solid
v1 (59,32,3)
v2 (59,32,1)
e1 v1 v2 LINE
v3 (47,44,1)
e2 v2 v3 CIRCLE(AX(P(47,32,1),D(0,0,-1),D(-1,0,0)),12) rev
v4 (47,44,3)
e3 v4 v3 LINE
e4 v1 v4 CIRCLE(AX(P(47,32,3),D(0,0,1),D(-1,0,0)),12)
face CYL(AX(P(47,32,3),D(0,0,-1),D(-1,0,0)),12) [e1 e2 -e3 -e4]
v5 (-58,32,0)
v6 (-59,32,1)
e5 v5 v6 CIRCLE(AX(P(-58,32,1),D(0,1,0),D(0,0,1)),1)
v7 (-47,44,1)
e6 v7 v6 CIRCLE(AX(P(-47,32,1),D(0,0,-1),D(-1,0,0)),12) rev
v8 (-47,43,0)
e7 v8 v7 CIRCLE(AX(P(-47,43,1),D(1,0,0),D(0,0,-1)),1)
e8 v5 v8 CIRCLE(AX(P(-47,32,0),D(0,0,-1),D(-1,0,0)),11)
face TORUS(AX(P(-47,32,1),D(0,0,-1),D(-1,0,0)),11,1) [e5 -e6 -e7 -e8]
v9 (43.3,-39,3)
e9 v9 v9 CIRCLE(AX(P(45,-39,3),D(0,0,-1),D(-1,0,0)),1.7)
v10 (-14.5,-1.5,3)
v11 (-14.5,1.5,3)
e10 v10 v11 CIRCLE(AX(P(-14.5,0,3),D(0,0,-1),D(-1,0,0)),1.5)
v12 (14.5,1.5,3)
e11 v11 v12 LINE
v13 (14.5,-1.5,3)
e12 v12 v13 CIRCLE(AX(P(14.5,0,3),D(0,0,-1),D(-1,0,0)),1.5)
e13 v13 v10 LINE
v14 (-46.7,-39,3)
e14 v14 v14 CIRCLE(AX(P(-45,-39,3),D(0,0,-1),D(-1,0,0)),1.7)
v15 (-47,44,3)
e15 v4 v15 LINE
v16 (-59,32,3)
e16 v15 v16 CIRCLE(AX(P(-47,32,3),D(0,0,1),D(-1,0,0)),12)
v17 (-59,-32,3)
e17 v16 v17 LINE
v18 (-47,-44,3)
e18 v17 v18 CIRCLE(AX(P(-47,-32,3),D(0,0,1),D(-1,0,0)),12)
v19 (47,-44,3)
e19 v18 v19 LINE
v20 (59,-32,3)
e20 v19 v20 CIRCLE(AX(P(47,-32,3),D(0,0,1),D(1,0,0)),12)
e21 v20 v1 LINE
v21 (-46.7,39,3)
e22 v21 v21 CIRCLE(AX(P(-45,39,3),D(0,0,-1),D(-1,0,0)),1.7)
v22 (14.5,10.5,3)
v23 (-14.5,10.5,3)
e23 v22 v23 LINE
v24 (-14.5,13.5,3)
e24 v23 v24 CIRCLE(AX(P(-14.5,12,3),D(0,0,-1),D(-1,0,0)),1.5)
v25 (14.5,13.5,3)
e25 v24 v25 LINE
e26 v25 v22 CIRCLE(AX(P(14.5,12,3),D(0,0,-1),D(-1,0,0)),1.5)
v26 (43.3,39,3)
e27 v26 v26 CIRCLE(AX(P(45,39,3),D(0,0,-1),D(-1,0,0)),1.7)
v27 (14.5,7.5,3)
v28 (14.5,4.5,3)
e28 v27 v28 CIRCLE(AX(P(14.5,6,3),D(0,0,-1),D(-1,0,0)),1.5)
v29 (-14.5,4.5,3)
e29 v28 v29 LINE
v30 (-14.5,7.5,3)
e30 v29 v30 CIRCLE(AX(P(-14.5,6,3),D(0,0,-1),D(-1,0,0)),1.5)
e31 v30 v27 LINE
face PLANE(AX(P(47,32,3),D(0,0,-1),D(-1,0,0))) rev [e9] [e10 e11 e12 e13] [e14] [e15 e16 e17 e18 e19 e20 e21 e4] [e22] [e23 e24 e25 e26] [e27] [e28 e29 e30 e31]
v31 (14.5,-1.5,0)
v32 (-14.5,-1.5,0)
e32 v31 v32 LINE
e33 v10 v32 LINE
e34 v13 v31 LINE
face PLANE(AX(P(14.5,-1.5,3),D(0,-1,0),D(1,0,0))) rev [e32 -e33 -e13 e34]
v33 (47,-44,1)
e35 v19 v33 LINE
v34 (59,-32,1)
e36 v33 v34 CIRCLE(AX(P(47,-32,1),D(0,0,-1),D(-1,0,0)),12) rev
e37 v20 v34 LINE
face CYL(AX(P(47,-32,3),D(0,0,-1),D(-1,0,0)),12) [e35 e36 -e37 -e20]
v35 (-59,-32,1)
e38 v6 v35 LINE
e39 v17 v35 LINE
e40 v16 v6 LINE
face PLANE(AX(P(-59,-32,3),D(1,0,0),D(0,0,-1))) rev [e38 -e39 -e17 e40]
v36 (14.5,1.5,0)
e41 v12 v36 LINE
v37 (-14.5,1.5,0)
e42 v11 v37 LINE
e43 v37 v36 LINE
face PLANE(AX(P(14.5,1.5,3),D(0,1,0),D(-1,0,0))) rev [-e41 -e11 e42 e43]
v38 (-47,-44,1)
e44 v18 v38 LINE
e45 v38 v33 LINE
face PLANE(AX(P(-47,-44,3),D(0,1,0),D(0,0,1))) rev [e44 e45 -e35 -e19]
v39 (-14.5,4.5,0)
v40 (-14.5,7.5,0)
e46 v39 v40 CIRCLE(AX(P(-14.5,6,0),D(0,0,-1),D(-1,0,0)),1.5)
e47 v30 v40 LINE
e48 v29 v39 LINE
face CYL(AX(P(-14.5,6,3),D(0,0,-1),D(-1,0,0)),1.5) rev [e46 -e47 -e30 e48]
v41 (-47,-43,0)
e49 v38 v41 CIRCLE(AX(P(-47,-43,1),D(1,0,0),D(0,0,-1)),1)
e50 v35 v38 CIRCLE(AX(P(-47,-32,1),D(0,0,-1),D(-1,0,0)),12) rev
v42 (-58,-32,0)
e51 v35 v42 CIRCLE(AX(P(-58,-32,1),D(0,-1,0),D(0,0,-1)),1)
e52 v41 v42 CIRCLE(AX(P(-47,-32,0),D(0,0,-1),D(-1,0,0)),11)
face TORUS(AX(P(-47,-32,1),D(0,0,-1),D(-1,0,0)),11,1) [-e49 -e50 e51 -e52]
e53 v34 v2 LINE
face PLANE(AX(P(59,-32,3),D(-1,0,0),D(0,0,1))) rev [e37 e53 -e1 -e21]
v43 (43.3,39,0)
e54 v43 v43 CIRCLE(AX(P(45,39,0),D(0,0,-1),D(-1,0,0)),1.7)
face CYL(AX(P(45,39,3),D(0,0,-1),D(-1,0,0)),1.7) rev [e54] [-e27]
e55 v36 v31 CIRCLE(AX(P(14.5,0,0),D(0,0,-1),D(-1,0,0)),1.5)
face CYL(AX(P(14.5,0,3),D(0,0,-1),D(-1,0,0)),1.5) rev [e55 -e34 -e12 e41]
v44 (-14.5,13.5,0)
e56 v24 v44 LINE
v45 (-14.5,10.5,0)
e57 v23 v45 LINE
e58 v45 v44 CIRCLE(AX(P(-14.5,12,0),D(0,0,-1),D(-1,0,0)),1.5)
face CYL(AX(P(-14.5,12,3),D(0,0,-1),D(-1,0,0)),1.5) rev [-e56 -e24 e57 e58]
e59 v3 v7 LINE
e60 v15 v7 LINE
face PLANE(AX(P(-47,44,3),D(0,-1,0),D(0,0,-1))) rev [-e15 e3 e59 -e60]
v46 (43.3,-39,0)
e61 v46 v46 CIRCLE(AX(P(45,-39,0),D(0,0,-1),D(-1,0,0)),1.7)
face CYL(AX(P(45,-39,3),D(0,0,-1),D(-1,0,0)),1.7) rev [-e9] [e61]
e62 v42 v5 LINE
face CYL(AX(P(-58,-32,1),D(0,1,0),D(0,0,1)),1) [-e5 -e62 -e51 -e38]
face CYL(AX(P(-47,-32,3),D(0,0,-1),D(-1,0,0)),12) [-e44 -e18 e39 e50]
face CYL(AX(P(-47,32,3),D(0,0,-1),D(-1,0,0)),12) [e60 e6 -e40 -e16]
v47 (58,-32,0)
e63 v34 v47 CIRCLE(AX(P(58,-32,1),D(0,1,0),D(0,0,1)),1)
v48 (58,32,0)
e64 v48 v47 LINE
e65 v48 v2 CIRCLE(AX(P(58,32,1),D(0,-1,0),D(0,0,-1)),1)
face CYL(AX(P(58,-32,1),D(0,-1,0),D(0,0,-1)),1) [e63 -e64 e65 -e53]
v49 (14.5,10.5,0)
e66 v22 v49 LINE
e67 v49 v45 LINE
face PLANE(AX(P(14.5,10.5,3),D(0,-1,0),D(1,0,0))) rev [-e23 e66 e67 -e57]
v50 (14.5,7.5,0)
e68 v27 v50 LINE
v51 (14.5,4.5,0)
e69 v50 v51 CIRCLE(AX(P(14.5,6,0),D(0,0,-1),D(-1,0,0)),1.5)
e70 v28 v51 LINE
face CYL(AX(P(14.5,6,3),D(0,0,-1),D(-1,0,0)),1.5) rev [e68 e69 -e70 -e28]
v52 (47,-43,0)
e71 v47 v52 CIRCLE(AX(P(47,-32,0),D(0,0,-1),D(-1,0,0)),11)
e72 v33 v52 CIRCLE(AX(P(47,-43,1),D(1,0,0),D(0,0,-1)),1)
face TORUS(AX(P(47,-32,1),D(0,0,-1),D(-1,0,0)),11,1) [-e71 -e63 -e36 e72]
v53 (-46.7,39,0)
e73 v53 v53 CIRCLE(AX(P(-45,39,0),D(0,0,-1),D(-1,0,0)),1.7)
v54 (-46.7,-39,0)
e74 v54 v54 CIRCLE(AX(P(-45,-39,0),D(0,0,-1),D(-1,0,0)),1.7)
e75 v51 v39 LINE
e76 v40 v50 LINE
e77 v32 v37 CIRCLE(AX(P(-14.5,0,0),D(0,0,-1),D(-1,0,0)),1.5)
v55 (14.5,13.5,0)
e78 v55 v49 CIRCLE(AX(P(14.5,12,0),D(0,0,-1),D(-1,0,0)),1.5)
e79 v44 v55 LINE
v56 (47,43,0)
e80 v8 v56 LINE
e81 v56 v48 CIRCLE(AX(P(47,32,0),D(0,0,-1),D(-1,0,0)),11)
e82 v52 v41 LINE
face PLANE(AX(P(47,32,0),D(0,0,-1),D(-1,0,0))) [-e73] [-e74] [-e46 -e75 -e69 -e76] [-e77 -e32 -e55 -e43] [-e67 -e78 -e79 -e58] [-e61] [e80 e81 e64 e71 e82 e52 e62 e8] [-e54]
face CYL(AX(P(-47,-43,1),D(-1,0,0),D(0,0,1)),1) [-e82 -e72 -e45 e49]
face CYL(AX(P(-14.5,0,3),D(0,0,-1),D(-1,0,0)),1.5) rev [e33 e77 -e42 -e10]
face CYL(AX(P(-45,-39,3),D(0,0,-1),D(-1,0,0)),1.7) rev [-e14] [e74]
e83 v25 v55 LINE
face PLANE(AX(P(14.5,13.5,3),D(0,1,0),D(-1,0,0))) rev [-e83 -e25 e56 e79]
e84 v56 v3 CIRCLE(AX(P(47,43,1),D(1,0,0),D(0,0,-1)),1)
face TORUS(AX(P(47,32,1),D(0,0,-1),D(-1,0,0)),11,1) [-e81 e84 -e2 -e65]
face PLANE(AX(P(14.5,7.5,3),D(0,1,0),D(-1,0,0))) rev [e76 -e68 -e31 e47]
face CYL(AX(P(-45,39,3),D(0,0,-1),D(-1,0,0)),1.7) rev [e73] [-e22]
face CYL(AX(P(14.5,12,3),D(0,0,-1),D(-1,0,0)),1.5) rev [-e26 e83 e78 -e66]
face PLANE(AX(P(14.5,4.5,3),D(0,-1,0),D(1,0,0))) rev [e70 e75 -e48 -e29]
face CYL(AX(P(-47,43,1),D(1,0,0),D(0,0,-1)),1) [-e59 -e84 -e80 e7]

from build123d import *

# Parameters (mm, degrees)
BOSS_EXTRUDE1_DEPTH = 3
FILLET1_R           = 1
SKETCH2_R           = 1.7
CUT_EXTRUDE2_DEPTH  = 74.661387443
CUT_EXTRUDE3_DEPTH  = 74.661387443


with BuildPart() as part:
    # Sketch1 → Boss-Extrude1 (new body)
    with BuildSketch(Plane.XY):
        with BuildLine():
            Line((-47, -44), (47, -44))
            ThreePointArc((47, -44), (55.485281374, -40.485281374), (59, -32))
            Line((59, -32), (59, 32))
            ThreePointArc((59, 32), (55.485281374, 40.485281374), (47, 44))
            Line((47, 44), (-47, 44))
            ThreePointArc((-47, 44), (-55.485281374, 40.485281374), (-59, 32))
            Line((-59, 32), (-59, -32))
            ThreePointArc((-59, -32), (-55.485281374, -40.485281374), (-47, -44))
        make_face()
    extrude(amount=BOSS_EXTRUDE1_DEPTH)

    # Fillet1
    fillet1_edges = [part.edges().sort_by_distance(p)[0] for p in [
        (-59, 0, 0),
        (-55.485281374, 40.485281374, 0),
        (0, 44, 0),
        (55.485281374, 40.485281374, 0),
        (59, 0, 0),
        (55.485281374, -40.485281374, 0),
        (0, -44, 0),
        (-55.485281374, -40.485281374, 0),
    ]]
    fillet(fillet1_edges, radius=FILLET1_R)

    # Sketch2 → Cut-Extrude2 (cut, through all)
    with BuildSketch(Plane(origin=(0, 0, 0), x_dir=(-1, 0, 0), z_dir=(0, 0, -1))):
        with Locations((-45, 39)):
            Circle(SKETCH2_R)
        with Locations((-45, -39)):
            Circle(SKETCH2_R)
        with Locations((45, -39)):
            Circle(SKETCH2_R)
        with Locations((45, 39)):
            Circle(SKETCH2_R)
    extrude(amount=-CUT_EXTRUDE2_DEPTH, mode=Mode.SUBTRACT)

    # Sketch6 → Cut-Extrude3 (cut, through all)
    with BuildSketch(Plane(origin=(0, 0, 0), x_dir=(-1, 0, 0), z_dir=(0, 0, -1))):
        with BuildLine():
            Line((-14.5, 1.5), (14.5, 1.5))
            ThreePointArc((14.5, 1.5), (16, 0), (14.5, -1.5))
            Line((14.5, -1.5), (-14.5, -1.5))
            ThreePointArc((-14.5, -1.5), (-16, 0), (-14.5, 1.5))
        make_face()
        with BuildLine():
            Line((-14.5, 7.5), (14.5, 7.5))
            ThreePointArc((14.5, 7.5), (16, 6), (14.5, 4.5))
            Line((14.5, 4.5), (-14.5, 4.5))
            ThreePointArc((-14.5, 4.5), (-16, 6), (-14.5, 7.5))
        make_face()
        with BuildLine():
            Line((-14.5, 13.5), (14.5, 13.5))
            ThreePointArc((14.5, 13.5), (16, 12), (14.5, 10.5))
            Line((14.5, 10.5), (-14.5, 10.5))
            ThreePointArc((-14.5, 10.5), (-16, 12), (-14.5, 13.5))
        make_face()
    extrude(amount=-CUT_EXTRUDE3_DEPTH, mode=Mode.SUBTRACT)


solid = part.part
